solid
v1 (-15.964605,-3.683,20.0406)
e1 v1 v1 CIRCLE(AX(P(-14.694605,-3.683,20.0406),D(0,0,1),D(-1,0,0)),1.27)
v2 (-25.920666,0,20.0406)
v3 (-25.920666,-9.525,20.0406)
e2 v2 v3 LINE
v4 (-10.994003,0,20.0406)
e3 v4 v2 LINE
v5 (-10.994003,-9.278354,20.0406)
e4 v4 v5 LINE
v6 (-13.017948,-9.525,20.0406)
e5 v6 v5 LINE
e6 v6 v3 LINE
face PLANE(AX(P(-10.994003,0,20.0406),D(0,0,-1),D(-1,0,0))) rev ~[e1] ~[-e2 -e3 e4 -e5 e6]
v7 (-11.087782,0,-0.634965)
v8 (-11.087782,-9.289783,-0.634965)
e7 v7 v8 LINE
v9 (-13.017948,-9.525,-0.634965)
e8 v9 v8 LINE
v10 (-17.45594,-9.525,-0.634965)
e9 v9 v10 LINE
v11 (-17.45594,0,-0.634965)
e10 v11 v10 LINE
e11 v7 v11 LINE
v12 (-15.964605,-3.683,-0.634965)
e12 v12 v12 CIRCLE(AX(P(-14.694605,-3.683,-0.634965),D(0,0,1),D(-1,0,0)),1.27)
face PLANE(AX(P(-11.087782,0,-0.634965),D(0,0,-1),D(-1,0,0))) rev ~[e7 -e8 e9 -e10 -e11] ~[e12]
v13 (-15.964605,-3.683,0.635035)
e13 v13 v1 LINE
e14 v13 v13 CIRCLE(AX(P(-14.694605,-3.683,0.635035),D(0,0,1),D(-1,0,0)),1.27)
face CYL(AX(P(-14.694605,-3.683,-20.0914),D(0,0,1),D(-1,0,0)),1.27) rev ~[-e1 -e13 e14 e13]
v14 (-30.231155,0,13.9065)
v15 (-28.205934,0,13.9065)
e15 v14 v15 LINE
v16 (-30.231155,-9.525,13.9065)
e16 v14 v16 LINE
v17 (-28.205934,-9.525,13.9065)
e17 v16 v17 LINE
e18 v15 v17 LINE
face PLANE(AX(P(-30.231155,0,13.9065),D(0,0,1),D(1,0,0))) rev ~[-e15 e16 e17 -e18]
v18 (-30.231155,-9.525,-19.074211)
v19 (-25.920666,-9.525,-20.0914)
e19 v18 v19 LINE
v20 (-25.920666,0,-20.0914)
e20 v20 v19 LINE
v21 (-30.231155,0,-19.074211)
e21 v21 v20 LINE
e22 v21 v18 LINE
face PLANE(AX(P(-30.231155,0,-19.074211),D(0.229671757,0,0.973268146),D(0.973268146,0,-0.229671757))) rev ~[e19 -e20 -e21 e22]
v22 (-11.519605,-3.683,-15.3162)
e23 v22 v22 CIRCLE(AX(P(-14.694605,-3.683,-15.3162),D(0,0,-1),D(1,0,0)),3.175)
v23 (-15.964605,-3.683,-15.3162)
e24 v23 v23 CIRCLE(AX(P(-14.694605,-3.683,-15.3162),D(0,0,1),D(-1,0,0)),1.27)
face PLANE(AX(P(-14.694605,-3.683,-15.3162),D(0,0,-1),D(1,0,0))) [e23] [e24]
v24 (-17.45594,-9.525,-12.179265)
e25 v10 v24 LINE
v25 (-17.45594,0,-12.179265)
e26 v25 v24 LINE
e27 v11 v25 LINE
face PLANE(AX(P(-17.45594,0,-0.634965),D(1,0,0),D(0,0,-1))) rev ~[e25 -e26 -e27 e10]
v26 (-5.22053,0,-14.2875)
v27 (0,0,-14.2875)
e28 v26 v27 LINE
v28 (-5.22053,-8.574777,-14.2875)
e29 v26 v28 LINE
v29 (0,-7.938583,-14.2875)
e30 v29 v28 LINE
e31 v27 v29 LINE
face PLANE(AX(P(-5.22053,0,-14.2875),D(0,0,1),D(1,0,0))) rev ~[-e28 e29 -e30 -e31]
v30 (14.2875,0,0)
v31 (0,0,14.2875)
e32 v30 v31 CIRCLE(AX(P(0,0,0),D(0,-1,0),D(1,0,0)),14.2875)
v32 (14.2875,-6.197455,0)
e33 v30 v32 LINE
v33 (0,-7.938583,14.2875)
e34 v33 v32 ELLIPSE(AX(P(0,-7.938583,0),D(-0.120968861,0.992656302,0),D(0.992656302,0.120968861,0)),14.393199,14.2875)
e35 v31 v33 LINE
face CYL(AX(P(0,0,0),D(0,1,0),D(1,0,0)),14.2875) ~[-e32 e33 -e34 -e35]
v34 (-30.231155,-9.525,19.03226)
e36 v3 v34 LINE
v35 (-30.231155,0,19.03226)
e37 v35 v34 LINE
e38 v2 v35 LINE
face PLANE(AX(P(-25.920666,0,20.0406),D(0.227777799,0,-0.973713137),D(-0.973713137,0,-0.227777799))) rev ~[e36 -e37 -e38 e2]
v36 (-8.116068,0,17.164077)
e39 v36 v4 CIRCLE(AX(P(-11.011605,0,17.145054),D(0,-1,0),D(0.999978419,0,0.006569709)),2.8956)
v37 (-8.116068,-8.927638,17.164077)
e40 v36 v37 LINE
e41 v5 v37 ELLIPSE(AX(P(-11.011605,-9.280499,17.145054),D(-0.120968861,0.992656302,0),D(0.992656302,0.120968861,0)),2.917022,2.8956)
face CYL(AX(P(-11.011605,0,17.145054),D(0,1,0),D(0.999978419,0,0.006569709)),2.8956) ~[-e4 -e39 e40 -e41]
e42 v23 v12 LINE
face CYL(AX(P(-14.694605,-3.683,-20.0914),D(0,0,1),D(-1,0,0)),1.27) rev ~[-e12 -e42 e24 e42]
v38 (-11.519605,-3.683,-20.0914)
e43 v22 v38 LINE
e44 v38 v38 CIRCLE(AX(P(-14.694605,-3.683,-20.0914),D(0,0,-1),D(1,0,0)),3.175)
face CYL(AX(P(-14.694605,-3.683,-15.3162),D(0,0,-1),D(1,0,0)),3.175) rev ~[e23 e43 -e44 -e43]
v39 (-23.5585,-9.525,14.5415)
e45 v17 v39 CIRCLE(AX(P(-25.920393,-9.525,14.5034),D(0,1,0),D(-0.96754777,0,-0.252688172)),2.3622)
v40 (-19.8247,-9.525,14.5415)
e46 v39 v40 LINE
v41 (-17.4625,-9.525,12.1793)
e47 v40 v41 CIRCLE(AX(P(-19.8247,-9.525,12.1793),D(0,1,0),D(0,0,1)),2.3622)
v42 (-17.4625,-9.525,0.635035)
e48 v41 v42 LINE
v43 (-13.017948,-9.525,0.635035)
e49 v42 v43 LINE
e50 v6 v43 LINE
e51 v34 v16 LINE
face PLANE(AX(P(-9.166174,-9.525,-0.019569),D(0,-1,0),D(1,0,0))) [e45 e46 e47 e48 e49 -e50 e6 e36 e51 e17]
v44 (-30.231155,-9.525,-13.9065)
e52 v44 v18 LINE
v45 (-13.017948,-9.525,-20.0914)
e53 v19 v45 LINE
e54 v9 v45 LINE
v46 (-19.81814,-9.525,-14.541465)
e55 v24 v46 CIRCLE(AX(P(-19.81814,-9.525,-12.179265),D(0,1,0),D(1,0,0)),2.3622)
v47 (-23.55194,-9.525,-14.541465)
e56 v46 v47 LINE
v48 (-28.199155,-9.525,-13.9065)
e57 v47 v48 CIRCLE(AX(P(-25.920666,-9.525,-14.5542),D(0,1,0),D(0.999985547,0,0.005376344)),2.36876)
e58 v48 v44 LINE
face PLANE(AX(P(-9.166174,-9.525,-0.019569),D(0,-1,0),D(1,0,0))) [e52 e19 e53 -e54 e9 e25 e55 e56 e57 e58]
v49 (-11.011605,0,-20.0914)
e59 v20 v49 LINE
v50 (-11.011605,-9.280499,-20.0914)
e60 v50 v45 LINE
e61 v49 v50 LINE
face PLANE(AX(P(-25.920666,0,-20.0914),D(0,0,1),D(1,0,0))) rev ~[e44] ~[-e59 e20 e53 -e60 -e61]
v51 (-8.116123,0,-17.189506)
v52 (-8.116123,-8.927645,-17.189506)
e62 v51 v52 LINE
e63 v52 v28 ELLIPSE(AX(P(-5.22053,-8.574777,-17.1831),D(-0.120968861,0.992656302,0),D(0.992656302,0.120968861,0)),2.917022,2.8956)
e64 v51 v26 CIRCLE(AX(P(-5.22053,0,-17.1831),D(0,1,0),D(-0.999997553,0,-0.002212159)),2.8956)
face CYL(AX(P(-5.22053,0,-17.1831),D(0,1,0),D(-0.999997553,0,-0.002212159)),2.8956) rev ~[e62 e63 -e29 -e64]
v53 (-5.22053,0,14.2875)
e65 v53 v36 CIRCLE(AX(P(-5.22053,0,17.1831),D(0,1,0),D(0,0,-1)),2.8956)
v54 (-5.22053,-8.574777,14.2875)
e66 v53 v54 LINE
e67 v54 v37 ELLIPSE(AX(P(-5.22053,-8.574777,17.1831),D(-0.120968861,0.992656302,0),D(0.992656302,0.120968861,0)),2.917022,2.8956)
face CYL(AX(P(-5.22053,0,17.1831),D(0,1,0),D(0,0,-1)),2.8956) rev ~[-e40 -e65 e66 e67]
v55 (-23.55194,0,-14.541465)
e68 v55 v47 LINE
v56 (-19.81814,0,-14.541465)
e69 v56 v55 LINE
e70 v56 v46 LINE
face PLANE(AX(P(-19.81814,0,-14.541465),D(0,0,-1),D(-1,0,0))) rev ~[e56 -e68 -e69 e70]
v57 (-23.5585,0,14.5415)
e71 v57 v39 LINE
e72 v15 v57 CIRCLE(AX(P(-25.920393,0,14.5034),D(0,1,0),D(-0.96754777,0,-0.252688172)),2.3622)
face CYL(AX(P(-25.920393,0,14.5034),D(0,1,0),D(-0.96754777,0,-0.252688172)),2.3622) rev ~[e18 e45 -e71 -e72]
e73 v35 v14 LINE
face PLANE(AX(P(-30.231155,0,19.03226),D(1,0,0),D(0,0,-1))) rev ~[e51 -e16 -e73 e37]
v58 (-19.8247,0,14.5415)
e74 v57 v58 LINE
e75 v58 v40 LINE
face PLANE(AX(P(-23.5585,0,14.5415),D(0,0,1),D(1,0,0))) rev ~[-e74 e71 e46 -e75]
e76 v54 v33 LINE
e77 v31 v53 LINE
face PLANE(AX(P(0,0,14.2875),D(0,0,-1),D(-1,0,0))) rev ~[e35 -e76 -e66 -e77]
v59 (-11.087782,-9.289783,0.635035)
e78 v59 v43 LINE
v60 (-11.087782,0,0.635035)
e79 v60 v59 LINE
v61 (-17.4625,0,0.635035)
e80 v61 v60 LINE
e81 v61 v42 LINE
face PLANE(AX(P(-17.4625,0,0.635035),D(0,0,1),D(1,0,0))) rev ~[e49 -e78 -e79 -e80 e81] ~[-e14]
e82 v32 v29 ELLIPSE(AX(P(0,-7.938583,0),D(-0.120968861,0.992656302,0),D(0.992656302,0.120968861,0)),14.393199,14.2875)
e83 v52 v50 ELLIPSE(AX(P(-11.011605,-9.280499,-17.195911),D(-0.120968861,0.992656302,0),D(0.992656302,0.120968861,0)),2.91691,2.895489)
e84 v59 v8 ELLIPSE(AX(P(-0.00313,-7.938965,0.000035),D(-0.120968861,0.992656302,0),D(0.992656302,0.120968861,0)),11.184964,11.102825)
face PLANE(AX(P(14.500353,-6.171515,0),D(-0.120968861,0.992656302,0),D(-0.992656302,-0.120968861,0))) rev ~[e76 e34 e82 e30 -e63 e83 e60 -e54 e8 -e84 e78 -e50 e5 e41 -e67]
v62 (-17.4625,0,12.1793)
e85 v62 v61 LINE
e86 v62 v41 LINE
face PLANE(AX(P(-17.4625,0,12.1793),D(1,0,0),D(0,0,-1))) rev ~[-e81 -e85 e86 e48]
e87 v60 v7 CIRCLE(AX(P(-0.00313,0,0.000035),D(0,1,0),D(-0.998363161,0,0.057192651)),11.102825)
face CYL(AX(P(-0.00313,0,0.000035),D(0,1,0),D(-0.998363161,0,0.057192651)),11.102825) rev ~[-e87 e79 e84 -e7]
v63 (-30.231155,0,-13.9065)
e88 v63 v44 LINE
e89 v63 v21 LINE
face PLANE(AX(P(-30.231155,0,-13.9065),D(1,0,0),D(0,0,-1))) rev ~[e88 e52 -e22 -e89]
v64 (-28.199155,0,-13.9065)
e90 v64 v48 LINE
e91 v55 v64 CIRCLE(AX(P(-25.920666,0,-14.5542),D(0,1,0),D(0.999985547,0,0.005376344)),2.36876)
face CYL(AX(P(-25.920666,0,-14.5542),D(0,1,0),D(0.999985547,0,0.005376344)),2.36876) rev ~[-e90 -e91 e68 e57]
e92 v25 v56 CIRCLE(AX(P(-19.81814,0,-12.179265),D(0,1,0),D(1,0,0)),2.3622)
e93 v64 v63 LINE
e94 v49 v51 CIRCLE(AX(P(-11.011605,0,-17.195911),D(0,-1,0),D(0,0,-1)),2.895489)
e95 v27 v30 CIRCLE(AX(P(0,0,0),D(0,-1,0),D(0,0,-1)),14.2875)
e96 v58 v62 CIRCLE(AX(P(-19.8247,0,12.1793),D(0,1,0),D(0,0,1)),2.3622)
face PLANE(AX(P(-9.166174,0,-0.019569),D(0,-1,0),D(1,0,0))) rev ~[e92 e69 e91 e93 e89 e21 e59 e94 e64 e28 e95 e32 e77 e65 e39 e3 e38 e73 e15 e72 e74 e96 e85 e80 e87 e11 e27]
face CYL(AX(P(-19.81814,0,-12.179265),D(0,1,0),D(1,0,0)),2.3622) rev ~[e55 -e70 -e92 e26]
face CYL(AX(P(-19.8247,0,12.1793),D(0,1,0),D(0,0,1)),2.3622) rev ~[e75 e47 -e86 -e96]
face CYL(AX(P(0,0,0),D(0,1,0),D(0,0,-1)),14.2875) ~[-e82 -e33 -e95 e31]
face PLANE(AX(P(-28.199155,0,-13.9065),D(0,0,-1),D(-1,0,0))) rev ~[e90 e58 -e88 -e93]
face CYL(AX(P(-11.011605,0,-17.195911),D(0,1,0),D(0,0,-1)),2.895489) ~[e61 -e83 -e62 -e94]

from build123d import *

# Parameters (mm, degrees)
F1_DEPTH       = 9.525
F3_D           = 2.54
F3_CBORE_D     = 6.35
F3_CBORE_DEPTH = 4.7752
F5_DEPTH       = 20.32


with BuildPart() as f1:
    # F0 (on Front) → F1 (new body)
    with BuildSketch(Plane.XZ):
        with BuildLine():
            ThreePointArc((-28.2059340648, 13.9065), (-26.240179578, 16.8438540599), (-23.5585, 14.5415))
            Line((-23.5585, 14.5415), (-19.8247, 14.5415))
            ThreePointArc((-19.8247, 14.5415), (-18.1543723615, 13.8496276385), (-17.4625, 12.1793))
            Line((-17.4625, 12.1793), (-17.4625, 0.6350352715))
            Line((-17.4625, 0.6350352715), (-11.0877819096, 0.6350352715))
            ThreePointArc((-11.0877819096, 0.6350352715), (11.0996948974, 3.52715e-05), (-11.0877819096, -0.6349647285))
            Line((-11.0877819096, -0.6349647285), (-17.4559396015, -0.6349647285))
            Line((-17.4559396015, -0.6349647285), (-17.4559396015, -12.1792647285))
            ThreePointArc((-17.4559396015, -12.1792647285), (-18.147811963, -13.8495923671), (-19.8181396015, -14.5414647285))
            Line((-19.8181396015, -14.5414647285), (-23.5519396015, -14.5414647285))
            ThreePointArc((-23.5519396015, -14.5414647285), (-26.2413382061, -16.9011545192), (-28.1991546105, -13.9065))
            Line((-28.1991546105, -13.9065), (-30.2311546105, -13.9065))
            Line((-30.2311546105, -13.9065), (-30.2311546105, -19.0742111302))
            Line((-30.2311546105, -19.0742111302), (-25.92066586, -20.0914))
            Line((-25.92066586, -20.0914), (-11.0116051104, -20.0914))
            ThreePointArc((-11.0116051104, -20.0914), (-8.9619217104, -19.2410649878), (-8.116123004, -17.1895055269))
            ThreePointArc((-8.116123004, -17.1895055269), (-7.2702919293, -15.137867554), (-5.220530089, -14.2875))
            Line((-5.220530089, -14.2875), (0, -14.2875))
            ThreePointArc((0, -14.2875), (10.1027881362, -10.1027881362), (14.2875, 0))
            ThreePointArc((14.2875, 0), (10.1027881362, 10.1027881362), (0, 14.2875))
            Line((0, 14.2875), (-5.220530089, 14.2875))
            ThreePointArc((-5.220530089, 14.2875), (-7.2612916673, 15.1288868805), (-8.1160675997, 17.1640767507))
            ThreePointArc((-8.1160675997, 17.1640767507), (-8.9646092373, 19.1930542961), (-10.9940030066, 20.0406))
            Line((-10.9940030066, 20.0406), (-25.92066586, 20.0406))
            Line((-25.92066586, 20.0406), (-30.2311546105, 19.0322602705))
            Line((-30.2311546105, 19.0322602705), (-30.2311546105, 13.9065))
            Line((-30.2311546105, 13.9065), (-28.2059340648, 13.9065))
        make_face()
    extrude(amount=F1_DEPTH)

    # F3 (through all)
    with Locations(Plane(origin=(0, 0, -20.0914), x_dir=(1, 0, 0), z_dir=(0, 0, -1))):
        with Locations((-14.6946051104, 3.683)):
            CounterBoreHole(F3_D / 2, F3_CBORE_D / 2, F3_CBORE_DEPTH)

    # F4 (on Top) → F5 (cut, symmetric)
    with BuildSketch(Plane.XY):
        Polygon((14.5003534853, -6.1715153816), (-13.6252772063, -9.5990113914), (14.5003534853, -10.0196320564), align=None)
    extrude(amount=F5_DEPTH, both=True, mode=Mode.SUBTRACT)


solid = f1.part
